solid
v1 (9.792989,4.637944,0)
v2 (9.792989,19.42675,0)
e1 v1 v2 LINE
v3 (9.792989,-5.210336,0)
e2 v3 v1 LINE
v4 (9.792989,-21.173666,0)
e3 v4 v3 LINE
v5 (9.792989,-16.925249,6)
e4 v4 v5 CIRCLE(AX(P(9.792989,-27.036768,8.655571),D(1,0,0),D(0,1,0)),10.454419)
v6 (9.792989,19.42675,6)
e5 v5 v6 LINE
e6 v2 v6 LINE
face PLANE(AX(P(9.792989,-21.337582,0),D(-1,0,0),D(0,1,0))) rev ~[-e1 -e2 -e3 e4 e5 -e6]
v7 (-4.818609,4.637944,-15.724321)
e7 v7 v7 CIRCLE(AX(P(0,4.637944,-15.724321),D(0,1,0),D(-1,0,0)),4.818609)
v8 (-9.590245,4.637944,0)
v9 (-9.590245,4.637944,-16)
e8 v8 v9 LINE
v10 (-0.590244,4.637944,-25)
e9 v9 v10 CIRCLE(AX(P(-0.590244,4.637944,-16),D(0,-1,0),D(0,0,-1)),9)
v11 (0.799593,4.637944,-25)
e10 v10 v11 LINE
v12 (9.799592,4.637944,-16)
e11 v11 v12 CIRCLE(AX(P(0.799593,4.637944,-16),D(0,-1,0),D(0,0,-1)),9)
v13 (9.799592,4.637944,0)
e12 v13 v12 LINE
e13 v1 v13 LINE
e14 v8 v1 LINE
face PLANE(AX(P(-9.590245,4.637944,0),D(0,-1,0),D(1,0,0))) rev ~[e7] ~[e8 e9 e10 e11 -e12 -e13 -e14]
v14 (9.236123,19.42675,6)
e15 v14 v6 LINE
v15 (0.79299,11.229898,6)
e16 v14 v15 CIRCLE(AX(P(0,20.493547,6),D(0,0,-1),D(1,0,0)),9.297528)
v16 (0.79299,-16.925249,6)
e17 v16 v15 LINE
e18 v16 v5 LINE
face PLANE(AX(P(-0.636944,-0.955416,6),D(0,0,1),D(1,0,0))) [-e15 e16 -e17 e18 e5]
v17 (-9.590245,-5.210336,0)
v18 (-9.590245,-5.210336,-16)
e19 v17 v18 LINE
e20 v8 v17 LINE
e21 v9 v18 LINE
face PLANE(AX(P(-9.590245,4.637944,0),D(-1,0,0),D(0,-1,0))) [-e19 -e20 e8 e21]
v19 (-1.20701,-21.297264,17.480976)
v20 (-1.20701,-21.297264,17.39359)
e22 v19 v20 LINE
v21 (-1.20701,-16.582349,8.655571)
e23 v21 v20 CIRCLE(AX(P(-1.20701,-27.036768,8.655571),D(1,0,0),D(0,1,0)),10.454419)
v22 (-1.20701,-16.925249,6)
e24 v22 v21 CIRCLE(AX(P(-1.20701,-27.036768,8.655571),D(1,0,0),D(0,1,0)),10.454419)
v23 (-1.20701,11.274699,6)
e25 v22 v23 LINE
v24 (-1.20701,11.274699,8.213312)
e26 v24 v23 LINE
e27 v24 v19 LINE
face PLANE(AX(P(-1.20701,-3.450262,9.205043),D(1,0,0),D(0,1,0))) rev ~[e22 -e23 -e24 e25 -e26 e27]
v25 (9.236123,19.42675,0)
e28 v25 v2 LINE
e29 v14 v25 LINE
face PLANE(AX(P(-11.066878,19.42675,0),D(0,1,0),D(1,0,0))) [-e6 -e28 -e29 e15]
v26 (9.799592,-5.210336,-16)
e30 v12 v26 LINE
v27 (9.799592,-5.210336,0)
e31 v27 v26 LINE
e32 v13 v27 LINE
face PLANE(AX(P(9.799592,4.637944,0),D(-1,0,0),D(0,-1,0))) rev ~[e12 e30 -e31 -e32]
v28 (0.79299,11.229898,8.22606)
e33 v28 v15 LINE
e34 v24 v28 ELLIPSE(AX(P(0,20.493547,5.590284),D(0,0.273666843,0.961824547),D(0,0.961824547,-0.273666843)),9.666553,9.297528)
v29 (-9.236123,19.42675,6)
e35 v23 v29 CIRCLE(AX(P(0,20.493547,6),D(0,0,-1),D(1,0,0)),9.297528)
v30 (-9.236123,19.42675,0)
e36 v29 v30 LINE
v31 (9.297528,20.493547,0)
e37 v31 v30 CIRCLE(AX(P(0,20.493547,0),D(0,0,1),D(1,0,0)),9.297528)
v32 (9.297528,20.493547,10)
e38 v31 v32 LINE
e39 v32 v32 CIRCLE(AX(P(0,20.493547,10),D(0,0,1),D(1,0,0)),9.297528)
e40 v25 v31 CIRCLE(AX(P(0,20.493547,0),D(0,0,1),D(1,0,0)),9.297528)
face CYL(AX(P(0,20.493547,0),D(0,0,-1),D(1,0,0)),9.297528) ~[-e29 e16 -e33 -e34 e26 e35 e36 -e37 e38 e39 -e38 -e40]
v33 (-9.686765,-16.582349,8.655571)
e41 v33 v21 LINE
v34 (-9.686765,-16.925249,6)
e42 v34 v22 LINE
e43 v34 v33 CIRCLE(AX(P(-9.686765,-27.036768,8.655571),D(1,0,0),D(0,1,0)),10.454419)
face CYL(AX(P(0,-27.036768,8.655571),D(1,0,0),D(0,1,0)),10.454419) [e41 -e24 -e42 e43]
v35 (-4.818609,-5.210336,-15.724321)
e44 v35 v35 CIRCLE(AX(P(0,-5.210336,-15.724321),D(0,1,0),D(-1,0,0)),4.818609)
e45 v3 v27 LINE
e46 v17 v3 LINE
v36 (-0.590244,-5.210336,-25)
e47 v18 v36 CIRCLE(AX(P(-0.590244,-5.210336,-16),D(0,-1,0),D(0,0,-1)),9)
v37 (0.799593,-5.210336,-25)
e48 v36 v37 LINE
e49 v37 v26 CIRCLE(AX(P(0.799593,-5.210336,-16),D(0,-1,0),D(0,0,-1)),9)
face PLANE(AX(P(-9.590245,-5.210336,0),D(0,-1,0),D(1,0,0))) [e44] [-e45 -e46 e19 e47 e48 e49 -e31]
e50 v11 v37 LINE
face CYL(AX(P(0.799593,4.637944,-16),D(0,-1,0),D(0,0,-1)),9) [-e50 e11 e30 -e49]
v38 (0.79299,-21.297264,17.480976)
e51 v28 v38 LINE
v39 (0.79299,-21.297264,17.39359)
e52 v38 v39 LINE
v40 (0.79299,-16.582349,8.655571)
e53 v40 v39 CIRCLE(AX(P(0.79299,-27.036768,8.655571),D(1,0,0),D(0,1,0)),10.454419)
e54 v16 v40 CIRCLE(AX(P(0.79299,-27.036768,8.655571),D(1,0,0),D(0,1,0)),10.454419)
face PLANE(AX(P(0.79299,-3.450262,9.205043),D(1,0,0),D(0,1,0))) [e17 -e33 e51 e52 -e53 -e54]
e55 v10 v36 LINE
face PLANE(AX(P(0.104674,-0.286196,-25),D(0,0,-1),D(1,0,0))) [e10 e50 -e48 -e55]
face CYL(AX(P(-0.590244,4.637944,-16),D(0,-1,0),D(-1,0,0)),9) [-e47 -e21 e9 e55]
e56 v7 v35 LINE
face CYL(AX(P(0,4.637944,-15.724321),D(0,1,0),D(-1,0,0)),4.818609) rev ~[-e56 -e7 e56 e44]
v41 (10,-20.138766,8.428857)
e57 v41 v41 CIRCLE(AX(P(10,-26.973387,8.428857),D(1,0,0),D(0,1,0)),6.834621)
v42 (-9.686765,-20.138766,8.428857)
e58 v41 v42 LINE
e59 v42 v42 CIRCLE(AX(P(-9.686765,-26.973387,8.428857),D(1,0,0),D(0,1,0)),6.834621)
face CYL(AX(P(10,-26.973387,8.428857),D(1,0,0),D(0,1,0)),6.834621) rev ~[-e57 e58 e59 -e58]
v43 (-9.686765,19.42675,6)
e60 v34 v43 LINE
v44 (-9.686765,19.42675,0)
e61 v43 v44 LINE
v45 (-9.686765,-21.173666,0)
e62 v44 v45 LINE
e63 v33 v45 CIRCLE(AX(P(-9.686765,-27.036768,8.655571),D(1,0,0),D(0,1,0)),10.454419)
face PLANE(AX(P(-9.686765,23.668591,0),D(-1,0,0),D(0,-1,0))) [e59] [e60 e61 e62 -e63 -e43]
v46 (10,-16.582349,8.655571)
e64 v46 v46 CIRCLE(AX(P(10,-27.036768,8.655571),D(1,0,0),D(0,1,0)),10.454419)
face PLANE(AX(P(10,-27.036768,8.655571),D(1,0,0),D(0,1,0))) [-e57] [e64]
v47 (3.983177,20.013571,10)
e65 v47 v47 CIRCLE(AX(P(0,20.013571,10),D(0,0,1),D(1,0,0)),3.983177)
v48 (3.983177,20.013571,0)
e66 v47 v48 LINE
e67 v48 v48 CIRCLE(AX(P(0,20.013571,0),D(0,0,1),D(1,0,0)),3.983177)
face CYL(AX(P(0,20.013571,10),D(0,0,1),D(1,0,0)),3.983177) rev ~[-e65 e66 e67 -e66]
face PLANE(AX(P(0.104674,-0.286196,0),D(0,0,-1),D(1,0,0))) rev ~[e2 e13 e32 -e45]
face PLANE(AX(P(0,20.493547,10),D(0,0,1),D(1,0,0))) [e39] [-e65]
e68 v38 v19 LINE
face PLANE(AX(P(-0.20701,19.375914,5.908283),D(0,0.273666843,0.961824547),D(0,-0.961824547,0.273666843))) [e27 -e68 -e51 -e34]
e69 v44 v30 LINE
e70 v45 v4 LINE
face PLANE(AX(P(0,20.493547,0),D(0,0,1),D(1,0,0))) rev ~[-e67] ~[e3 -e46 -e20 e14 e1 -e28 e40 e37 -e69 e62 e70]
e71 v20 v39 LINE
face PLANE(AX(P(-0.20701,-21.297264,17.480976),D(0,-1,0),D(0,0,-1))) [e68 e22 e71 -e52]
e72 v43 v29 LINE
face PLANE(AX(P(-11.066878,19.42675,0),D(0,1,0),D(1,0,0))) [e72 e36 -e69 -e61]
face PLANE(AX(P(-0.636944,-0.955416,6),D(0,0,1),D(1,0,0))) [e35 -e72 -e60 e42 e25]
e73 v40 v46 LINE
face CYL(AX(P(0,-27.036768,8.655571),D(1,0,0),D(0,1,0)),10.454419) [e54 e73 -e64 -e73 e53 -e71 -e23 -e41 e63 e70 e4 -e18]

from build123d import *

# Parameters (mm, degrees)
SKETCH_W             = 20.859867
SKETCH_H             = 40.764332
PAD_DEPTH            = 6
PAD001_DEPTH         = 1
SKETCH003_R          = 10.454419
PAD002_DEPTH         = 10
SKETCH004_R          = 6.834621
POCKET_DEPTH         = 21.067877
SKETCH005_W          = 8.397711
SKETCH005_H          = 64.60706
POCKET001_DEPTH      = 19.11099
POCKET001_DEPTH_BACK = -1.799848
SKETCH006_R          = 9.297528
PAD003_DEPTH         = 10
SKETCH007_R          = 3.983177
POCKET002_DEPTH      = 11.799848
SKETCH008_W          = 19.389837
SKETCH008_H          = 9.84828
PAD004_DEPTH         = 25
FILLET_R             = 9
SKETCH009_R          = 4.818609
POCKET003_DEPTH      = 15


with BuildPart() as part:
    # Sketch → Pad (new body)
    with BuildSketch(Plane.XY):
        with Locations((-0.636944, -0.955416)):
            Rectangle(SKETCH_W, SKETCH_H)
    extrude(amount=PAD_DEPTH)

    # Sketch002 (on Face2 of Pad) → Pad001 (join, symmetric)
    with BuildSketch(Plane(origin=(-0.20701, 0, -0.1), x_dir=(0, 1, 0), z_dir=(1, 0, 0))):
        Polygon((-21.297264, 17.580976), (-21.297264, 6.008283), (19.375914, 6.008283), align=None)
    extrude(amount=PAD001_DEPTH, both=True)

    # Sketch003 → Pad002 (join, symmetric)
    with BuildSketch(Plane.YZ):
        with Locations((-27.036768, 8.655571)):
            Circle(SKETCH003_R)
    extrude(amount=PAD002_DEPTH, both=True)

    # Sketch004 (on Face13 of Pad002) → Pocket (cut, through all)
    with BuildSketch(Plane.YZ.offset(10)):
        with Locations((-26.973387, 8.428857)):
            Circle(SKETCH004_R)
    extrude(amount=-POCKET_DEPTH, mode=Mode.SUBTRACT)

    # Sketch005 (on Face4 of Pocket) → Pocket001 (cut, two sides)
    with BuildSketch(Plane(origin=(0, 0, 0), x_dir=(1, 0, 0), z_dir=(0, 0, -1))) as pocket001_sk:
        with Locations((-13.88562, 8.634939)):
            Rectangle(SKETCH005_W, SKETCH005_H)
    extrude(amount=-POCKET001_DEPTH, mode=Mode.SUBTRACT)
    extrude(pocket001_sk.sketch, amount=-POCKET001_DEPTH_BACK, mode=Mode.SUBTRACT)

    # Sketch006 → Pad003 (join)
    with BuildSketch(Plane.XY):
        with Locations((0, 20.493547)):
            Circle(SKETCH006_R)
    extrude(amount=PAD003_DEPTH)

    # Sketch007 (on Face15 of Pad003) → Pocket002 (cut, through all)
    with BuildSketch(Plane.XY.offset(10)):
        with Locations((0, 20.013571)):
            Circle(SKETCH007_R)
    extrude(amount=-POCKET002_DEPTH, mode=Mode.SUBTRACT)

    # Sketch008 (on Face2 of Pocket002) → Pad004 (join)
    with BuildSketch(Plane(origin=(0, 0, 0), x_dir=(1, 0, 0), z_dir=(0, 0, -1))):
        with Locations((0.104674, 0.286196)):
            Rectangle(SKETCH008_W, SKETCH008_H)
    extrude(amount=PAD004_DEPTH)

    # Fillet
    fillet_edges = [part.edges().sort_by_distance(p)[0] for p in [
        (-9.590244, -0.286196, -25),
        (9.799593, -0.286196, -25),
    ]]
    fillet(fillet_edges, radius=FILLET_R)

    # Sketch009 (on Face1 of Fillet) → Pocket003 (cut)
    with BuildSketch(Plane(origin=(0, 4.637944, 0), x_dir=(-1, 0, 0), z_dir=(0, 1, 0))):
        with Locations((0, -15.724321)):
            Circle(SKETCH009_R)
    extrude(amount=-POCKET003_DEPTH, mode=Mode.SUBTRACT)


solid = part.part
